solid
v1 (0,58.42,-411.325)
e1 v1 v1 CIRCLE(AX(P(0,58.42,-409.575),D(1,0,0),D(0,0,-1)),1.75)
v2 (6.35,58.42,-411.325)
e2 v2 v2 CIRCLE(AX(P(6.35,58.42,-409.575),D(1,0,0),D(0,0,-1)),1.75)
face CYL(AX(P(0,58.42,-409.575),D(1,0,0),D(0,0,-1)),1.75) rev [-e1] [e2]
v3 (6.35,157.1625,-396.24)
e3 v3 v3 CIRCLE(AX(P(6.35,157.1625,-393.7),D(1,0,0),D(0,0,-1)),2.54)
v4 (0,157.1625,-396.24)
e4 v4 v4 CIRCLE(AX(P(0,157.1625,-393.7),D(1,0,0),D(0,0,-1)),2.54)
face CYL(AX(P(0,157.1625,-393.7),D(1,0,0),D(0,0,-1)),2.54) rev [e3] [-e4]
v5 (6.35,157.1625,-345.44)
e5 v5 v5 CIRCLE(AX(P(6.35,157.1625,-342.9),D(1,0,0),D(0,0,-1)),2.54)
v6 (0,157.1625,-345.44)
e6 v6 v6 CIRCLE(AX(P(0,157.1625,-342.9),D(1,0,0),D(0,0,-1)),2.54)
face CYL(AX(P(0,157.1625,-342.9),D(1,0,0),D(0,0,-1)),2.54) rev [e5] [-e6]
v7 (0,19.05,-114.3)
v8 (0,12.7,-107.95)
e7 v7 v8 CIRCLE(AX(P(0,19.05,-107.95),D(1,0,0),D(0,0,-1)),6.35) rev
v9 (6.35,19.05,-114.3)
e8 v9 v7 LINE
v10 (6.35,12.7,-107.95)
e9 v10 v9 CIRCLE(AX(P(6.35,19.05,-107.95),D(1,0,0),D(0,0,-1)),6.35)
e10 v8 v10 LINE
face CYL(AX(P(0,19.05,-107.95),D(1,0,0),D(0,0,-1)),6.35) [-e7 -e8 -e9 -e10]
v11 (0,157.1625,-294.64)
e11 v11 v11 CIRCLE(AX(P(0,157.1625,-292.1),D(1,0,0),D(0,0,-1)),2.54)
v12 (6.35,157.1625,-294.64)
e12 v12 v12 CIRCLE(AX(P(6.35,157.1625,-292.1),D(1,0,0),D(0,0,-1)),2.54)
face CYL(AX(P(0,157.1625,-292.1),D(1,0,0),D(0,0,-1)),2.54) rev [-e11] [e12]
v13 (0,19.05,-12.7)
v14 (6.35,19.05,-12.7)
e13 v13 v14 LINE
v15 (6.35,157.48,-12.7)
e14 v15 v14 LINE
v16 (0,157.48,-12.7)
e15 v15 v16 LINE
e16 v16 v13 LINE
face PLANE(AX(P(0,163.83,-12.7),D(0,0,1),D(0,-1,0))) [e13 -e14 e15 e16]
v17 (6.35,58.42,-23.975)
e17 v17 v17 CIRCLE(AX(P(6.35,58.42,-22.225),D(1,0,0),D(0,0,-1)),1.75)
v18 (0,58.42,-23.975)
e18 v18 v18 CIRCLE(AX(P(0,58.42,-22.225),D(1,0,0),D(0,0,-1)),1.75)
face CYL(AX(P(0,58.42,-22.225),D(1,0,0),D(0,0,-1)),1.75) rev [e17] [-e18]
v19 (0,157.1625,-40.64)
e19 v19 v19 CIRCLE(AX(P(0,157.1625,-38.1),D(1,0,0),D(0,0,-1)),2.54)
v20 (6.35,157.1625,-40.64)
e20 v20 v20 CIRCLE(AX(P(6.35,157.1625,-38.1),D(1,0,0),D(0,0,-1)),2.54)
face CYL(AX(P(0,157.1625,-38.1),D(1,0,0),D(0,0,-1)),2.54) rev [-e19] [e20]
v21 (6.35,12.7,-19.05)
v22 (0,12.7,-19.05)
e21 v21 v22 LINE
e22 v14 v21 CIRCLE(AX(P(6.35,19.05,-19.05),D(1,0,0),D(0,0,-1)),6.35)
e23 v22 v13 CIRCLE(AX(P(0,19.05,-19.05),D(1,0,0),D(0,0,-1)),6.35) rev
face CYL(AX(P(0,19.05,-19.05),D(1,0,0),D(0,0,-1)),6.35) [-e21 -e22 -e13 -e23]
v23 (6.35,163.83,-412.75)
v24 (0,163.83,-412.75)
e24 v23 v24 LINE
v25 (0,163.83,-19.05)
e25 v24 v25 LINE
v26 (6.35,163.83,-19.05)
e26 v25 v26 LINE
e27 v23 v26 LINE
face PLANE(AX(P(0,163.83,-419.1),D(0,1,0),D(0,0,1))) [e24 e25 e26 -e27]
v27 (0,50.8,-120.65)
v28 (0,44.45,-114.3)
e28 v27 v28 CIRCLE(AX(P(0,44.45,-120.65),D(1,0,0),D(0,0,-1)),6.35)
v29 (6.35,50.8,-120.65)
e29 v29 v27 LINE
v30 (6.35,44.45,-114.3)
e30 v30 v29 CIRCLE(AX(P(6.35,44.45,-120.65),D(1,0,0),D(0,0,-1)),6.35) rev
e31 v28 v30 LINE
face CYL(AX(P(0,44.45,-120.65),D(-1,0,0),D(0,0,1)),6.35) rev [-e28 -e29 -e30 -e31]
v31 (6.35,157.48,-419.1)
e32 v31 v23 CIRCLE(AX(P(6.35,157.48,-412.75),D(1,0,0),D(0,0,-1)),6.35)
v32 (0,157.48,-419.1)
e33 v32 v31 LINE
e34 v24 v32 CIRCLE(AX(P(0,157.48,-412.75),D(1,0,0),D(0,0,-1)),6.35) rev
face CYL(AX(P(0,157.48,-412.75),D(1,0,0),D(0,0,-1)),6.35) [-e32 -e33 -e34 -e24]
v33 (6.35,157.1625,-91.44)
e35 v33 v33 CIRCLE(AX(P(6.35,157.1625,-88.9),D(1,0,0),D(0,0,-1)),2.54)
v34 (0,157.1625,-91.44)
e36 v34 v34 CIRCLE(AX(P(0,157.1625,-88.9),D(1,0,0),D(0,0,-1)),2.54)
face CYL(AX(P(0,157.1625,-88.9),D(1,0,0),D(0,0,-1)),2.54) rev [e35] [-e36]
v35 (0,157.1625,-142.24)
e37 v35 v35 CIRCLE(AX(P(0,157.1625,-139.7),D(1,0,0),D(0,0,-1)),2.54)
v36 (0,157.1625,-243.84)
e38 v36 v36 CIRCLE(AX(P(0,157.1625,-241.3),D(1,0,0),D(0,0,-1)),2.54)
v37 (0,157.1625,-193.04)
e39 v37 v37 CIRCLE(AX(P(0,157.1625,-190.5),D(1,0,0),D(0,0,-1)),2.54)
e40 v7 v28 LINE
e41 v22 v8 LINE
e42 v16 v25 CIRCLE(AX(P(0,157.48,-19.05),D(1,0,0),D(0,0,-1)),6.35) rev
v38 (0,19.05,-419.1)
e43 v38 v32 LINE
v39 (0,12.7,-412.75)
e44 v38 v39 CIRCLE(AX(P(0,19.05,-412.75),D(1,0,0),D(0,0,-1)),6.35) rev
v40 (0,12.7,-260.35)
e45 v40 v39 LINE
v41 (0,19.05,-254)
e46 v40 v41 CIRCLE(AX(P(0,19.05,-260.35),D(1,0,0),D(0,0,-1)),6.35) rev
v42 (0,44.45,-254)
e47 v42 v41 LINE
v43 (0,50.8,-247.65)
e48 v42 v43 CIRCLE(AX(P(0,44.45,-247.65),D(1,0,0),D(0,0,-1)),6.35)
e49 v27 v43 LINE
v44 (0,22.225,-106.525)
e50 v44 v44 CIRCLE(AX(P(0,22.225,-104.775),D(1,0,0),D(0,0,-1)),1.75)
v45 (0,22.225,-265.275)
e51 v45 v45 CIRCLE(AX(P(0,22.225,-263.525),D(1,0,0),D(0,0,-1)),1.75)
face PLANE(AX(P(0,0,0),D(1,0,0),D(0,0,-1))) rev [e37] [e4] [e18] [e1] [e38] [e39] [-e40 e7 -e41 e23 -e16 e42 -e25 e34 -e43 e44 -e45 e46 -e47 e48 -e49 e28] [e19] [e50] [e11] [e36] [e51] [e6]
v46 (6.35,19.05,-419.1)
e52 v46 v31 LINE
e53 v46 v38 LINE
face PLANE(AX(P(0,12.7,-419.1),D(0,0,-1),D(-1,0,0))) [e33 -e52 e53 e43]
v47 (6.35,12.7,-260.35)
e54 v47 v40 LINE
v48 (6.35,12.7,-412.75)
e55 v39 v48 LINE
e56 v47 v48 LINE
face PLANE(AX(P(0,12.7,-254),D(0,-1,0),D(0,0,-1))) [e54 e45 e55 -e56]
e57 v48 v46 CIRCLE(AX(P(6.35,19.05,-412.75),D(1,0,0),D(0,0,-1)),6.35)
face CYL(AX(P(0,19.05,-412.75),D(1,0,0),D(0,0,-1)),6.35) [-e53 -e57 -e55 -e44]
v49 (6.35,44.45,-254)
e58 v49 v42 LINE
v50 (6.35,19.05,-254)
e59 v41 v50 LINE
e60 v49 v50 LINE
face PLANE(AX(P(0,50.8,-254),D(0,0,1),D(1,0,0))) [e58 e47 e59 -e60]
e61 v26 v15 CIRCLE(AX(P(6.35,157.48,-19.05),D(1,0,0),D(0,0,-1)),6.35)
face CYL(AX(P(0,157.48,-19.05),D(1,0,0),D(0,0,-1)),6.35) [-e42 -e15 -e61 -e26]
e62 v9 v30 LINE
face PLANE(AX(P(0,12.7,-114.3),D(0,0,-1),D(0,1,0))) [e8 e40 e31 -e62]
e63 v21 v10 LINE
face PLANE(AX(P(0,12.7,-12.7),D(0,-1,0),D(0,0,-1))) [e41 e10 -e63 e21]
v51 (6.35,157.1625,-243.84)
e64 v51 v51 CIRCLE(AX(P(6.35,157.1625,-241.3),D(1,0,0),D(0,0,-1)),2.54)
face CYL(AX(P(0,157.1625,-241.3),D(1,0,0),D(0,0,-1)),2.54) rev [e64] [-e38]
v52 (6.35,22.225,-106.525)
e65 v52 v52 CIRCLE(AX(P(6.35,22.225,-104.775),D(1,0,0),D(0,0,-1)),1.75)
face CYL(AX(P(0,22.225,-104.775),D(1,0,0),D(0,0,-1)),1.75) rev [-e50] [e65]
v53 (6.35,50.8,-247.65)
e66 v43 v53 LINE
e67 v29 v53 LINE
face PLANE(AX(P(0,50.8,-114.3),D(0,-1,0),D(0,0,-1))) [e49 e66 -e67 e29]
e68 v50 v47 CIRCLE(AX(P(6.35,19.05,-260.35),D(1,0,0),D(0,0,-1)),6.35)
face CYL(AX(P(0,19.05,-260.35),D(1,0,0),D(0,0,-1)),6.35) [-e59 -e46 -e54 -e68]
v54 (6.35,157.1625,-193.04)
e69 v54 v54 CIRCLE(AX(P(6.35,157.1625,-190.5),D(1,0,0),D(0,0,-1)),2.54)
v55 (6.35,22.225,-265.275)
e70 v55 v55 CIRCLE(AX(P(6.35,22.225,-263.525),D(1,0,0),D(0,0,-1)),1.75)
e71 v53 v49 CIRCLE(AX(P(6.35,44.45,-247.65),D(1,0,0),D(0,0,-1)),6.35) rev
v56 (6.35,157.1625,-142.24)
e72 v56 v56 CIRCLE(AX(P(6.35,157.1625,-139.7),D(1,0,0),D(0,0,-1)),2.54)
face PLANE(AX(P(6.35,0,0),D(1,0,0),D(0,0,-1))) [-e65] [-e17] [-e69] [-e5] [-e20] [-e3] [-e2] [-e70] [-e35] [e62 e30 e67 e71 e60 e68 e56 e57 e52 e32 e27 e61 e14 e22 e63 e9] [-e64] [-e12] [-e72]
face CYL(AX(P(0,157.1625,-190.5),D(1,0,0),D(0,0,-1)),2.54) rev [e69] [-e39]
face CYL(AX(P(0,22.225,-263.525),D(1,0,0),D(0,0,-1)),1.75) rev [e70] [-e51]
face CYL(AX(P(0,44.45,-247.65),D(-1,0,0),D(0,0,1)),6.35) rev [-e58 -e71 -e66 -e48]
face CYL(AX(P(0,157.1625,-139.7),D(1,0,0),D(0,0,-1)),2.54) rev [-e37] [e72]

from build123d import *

# Parameters (mm, degrees)
BOSS_EXTRUDE1_DEPTH = 6.35
SKETCH3_R           = 3.96875
CUT_EXTRUDE1_DEPTH  = 7.35
SKETCH5_W           = 6.35
SKETCH5_H           = 12.7
CUT_EXTRUDE3_DEPTH  = 7.35
LPATTERN1_COUNT     = 16
LPATTERN1_PITCH     = 25.4
SKETCH6_W           = 6.35
SKETCH6_H           = 12.7
CUT_EXTRUDE4_DEPTH  = 7.35
LPATTERN2_COUNT     = 11
LPATTERN2_PITCH     = 25.4
SKETCH7_W           = 6.35
SKETCH7_H           = 12.7
SKETCH7_W_2         = 12.7
SKETCH7_H_2         = 6.35
CUT_EXTRUDE5_DEPTH  = 7.35
CUT_EXTRUDE6_DEPTH  = 7.35
LPATTERN3_COUNT     = 10
LPATTERN3_PITCH     = 25.4
SKETCH9_W           = 12.7
SKETCH9_H           = 6.35
CUT_EXTRUDE7_DEPTH  = 7.35
LPATTERN4_COUNT     = 8
LPATTERN4_PITCH     = 25.4
SKETCH10_R          = 3.175
CUT_EXTRUDE8_DEPTH  = 7.35
SKETCH11_R          = 3.96875
CUT_EXTRUDE9_DEPTH  = 7.35
SKETCH12_W          = 6.35
SKETCH12_H          = 12.7
CUT_EXTRUDE13_DEPTH = 7.35
CUT_EXTRUDE15_DEPTH = 7.35
CUT_EXTRUDE16_DEPTH = 7.35
SKETCH17_W          = 12.7
SKETCH17_H          = 6.35
CUT_EXTRUDE17_DEPTH = 7.35
LPATTERN5_COUNT     = 17
LPATTERN5_PITCH     = 25.4
LPATTERN6_COUNT     = 2
LPATTERN6_PITCH     = 120.65
SKETCH18_W          = 12.7
SKETCH18_H          = 6.35
CUT_EXTRUDE18_DEPTH = 7.35
LPATTERN7_COUNT     = 5
LPATTERN7_PITCH     = 25.4
CUT_EXTRUDE19_DEPTH = 7.35
SKETCH20_W          = 101.6
SKETCH20_H          = 57.15
CUT_EXTRUDE20_DEPTH = 7.35
CUT_EXTRUDE21_DEPTH = 7.35
CUT_EXTRUDE22_DEPTH = 7.35
BOSS_EXTRUDE4_DEPTH = 6.35
BOSS_EXTRUDE5_DEPTH = 6.35
SKETCH29_R          = 2.54
CUT_EXTRUDE23_DEPTH = 7.35
SKETCH30_R          = 1.75
CUT_EXTRUDE24_DEPTH = 7.35
FILLET2_R           = 6.35


with BuildPart() as part:
    # Sketch2 → Boss-Extrude1 (new body)
    with BuildSketch(Plane(origin=(0, 0, 0), x_dir=(0, 0, -1), z_dir=(1, 0, 0))):
        Polygon((0, 0), (0, 294.450076882), (215.9, 419.1), (431.8, 419.1), (431.8, 0), (241.3, 0), (241.3, 38.1), (127, 38.1), (127, 0), align=None)
    extrude(amount=BOSS_EXTRUDE1_DEPTH)

    # Sketch3 → Cut-Extrude1 (cut, through all)
    with BuildSketch(Plane(origin=(6.35, 0, 0), x_dir=(0, 0, -1), z_dir=(1, 0, 0))):
        with Locations((63.5, 38.1)):
            Circle(SKETCH3_R)
        with Locations((368.3, 38.1)):
            Circle(SKETCH3_R)
    extrude(amount=-CUT_EXTRUDE1_DEPTH, mode=Mode.SUBTRACT)

    # Sketch5 → Cut-Extrude3 (cut, through all)
    with BuildSketch(Plane(origin=(6.35, 0, 0), x_dir=(0, 0, -1), z_dir=(1, 0, 0))):
        with Locations((428.625, 19.05)):
            Rectangle(SKETCH5_W, SKETCH5_H)
    cut_extrude3 = extrude(amount=-CUT_EXTRUDE3_DEPTH, mode=Mode.SUBTRACT)

    # LPattern1: Cut-Extrude3 ×16
    with Locations(*[(0, i * LPATTERN1_PITCH, 0) for i in range(1, LPATTERN1_COUNT)]):
        add(cut_extrude3, mode=Mode.SUBTRACT)

    # Sketch6 → Cut-Extrude4 (cut, through all)
    with BuildSketch(Plane(origin=(6.35, 0, 0), x_dir=(0, 0, -1), z_dir=(1, 0, 0))):
        with Locations((3.175, 19.05)):
            Rectangle(SKETCH6_W, SKETCH6_H)
    cut_extrude4 = extrude(amount=-CUT_EXTRUDE4_DEPTH, mode=Mode.SUBTRACT)

    # LPattern2: Cut-Extrude4 ×11
    with Locations(*[(0, i * LPATTERN2_PITCH, 0) for i in range(1, LPATTERN2_COUNT)]):
        add(cut_extrude4, mode=Mode.SUBTRACT)

    # Sketch7 → Cut-Extrude5 (cut, through all)
    with BuildSketch(Plane(origin=(6.35, 0, 0), x_dir=(0, 0, -1), z_dir=(1, 0, 0))):
        with Locations((123.825, 19.05)):
            Rectangle(SKETCH7_W, SKETCH7_H)
        with Locations((133.35, 41.275)):
            Rectangle(SKETCH7_W_2, SKETCH7_H_2)
        with Locations((158.75, 41.275)):
            Rectangle(SKETCH7_W_2, SKETCH7_H_2)
        with Locations((184.15, 41.275)):
            Rectangle(SKETCH7_W_2, SKETCH7_H_2)
        with Locations((244.475, 19.05)):
            Rectangle(SKETCH7_W, SKETCH7_H)
        with Locations((209.55, 41.275)):
            Rectangle(SKETCH7_W_2, SKETCH7_H_2)
        with Locations((234.95, 41.275)):
            Rectangle(SKETCH7_W_2, SKETCH7_H_2)
    extrude(amount=-CUT_EXTRUDE5_DEPTH, mode=Mode.SUBTRACT)

    # Sketch8 → Cut-Extrude6 (cut, through all)
    with BuildSketch(Plane(origin=(6.35, 0, 0), x_dir=(0, 0, -1), z_dir=(1, 0, 0))):
        Polygon((201.93507044, 411.037344159), (212.933593068, 417.387344159), (216.108593068, 411.888082845), (205.11007044, 405.538082845), align=None)
    cut_extrude6 = extrude(amount=-CUT_EXTRUDE6_DEPTH, mode=Mode.SUBTRACT)

    # LPattern3: Cut-Extrude6 ×10
    with Locations(*[Vector(0, -0.5, 0.866025404) * (i * LPATTERN3_PITCH) for i in range(1, LPATTERN3_COUNT)]):
        add(cut_extrude6, mode=Mode.SUBTRACT)

    # Sketch9 → Cut-Extrude7 (cut, through all)
    with BuildSketch(Plane(origin=(6.35, 0, 0), x_dir=(0, 0, -1), z_dir=(1, 0, 0))):
        with Locations((412.75, 415.925)):
            Rectangle(SKETCH9_W, SKETCH9_H)
    cut_extrude7 = extrude(amount=-CUT_EXTRUDE7_DEPTH, mode=Mode.SUBTRACT)

    # LPattern4: Cut-Extrude7 ×8
    with Locations(*[(0, 0, i * LPATTERN4_PITCH) for i in range(1, LPATTERN4_COUNT)]):
        add(cut_extrude7, mode=Mode.SUBTRACT)

    # Sketch10 → Cut-Extrude8 (cut, through all)
    with BuildSketch(Plane(origin=(6.35, 0, 0), x_dir=(0, 0, -1), z_dir=(1, 0, 0))):
        with Locations((222.25, 273.05)):
            Circle(SKETCH10_R)
        with Locations((222.25, 57.15)):
            Circle(SKETCH10_R)
        with Locations((146.05, 57.15)):
            Circle(SKETCH10_R)
        with Locations((146.05, 273.05)):
            Circle(SKETCH10_R)
    extrude(amount=-CUT_EXTRUDE8_DEPTH, mode=Mode.SUBTRACT)

    # Sketch11 → Cut-Extrude9 (cut, through all)
    with BuildSketch(Plane(origin=(6.35, 0, 0), x_dir=(0, 0, -1), z_dir=(1, 0, 0))):
        with Locations((38.1, 260.35)):
            Circle(SKETCH11_R)
        with Locations((266.7, 260.35)):
            Circle(SKETCH11_R)
    extrude(amount=-CUT_EXTRUDE9_DEPTH, mode=Mode.SUBTRACT)

    # Sketch12 → Cut-Extrude13 (cut, through all)
    with BuildSketch(Plane(origin=(6.35, 0, 0), x_dir=(0, 0, -1), z_dir=(1, 0, 0))):
        with Locations((123.825, 44.45)):
            Rectangle(SKETCH12_W, SKETCH12_H)
        with Locations((123.825, 69.85)):
            Rectangle(SKETCH12_W, SKETCH12_H)
        with Locations((123.825, 95.25)):
            Rectangle(SKETCH12_W, SKETCH12_H)
        with Locations((123.825, 120.65)):
            Rectangle(SKETCH12_W, SKETCH12_H)
    cut_extrude13 = extrude(amount=-CUT_EXTRUDE13_DEPTH, mode=Mode.SUBTRACT)

    # Sketch14 → Cut-Extrude15 (cut, through all)
    with BuildSketch(Plane(origin=(6.35, 0, 0), x_dir=(0, 0, -1), z_dir=(1, 0, 0))):
        Polygon((36.957231019, 315.787344159), (47.955753647, 322.137344159), (51.130753647, 316.638082845), (40.132231019, 310.288082845), align=None)
        Polygon((80.951321531, 341.187344159), (91.949844159, 347.537344159), (95.124844159, 342.038082845), (84.126321531, 335.688082845), align=None)
    extrude(amount=-CUT_EXTRUDE15_DEPTH, mode=Mode.SUBTRACT)

    # Sketch15 → Cut-Extrude16 (cut, through all)
    with BuildSketch(Plane(origin=(6.35, 0, 0), x_dir=(0, 0, -1), z_dir=(1, 0, 0))):
        with BuildLine():
            Line((62.129276275, 322.988082845), (31.558579521, 305.338082845))
            ThreePointArc((31.558579521, 305.338082845), (51.535904978, 302.314952438), (62.501260575, 319.285333297))
            ThreePointArc((62.501260575, 319.285333297), (62.408031035, 321.146027155), (62.129276275, 322.988082845))
        make_face()
        with BuildLine():
            Line((103.698495657, 346.988082845), (73.127798903, 329.338082845))
            ThreePointArc((73.127798903, 329.338082845), (93.10512436, 326.314952438), (104.070479957, 343.285333297))
            ThreePointArc((104.070479957, 343.285333297), (103.977250417, 345.146027155), (103.698495657, 346.988082845))
        make_face()
    extrude(amount=-CUT_EXTRUDE16_DEPTH, mode=Mode.SUBTRACT)

    # Sketch17 → Cut-Extrude17 (cut, through all)
    with BuildSketch(Plane(origin=(6.35, 0, 0), x_dir=(0, 0, -1), z_dir=(1, 0, 0))):
        with Locations((25.4, 142.875)):
            Rectangle(SKETCH17_W, SKETCH17_H)
    cut_extrude17 = extrude(amount=-CUT_EXTRUDE17_DEPTH, mode=Mode.SUBTRACT)

    # LPattern5: Cut-Extrude17 ×17
    with Locations(*[(0, 0, -i * LPATTERN5_PITCH) for i in range(1, LPATTERN5_COUNT)]):
        add(cut_extrude17, mode=Mode.SUBTRACT)

    # LPattern6: Cut-Extrude13 ×2
    with Locations(*[(0, 0, -i * LPATTERN6_PITCH) for i in range(1, LPATTERN6_COUNT)]):
        add(cut_extrude13, mode=Mode.SUBTRACT)

    # Sketch18 → Cut-Extrude18 (cut, through all)
    with BuildSketch(Plane(origin=(6.35, 0, 0), x_dir=(0, 0, -1), z_dir=(1, 0, 0))):
        with Locations((133.35, 117.475)):
            Rectangle(SKETCH18_W, SKETCH18_H)
    cut_extrude18 = extrude(amount=-CUT_EXTRUDE18_DEPTH, mode=Mode.SUBTRACT)

    # LPattern7: Cut-Extrude18 ×5
    with Locations(*[(0, 0, -i * LPATTERN7_PITCH) for i in range(1, LPATTERN7_COUNT)]):
        add(cut_extrude18, mode=Mode.SUBTRACT)

    # Sketch19 → Cut-Extrude19 (cut, through all)
    with BuildSketch(Plane(origin=(6.35, 0, 0), x_dir=(0, 0, -1), z_dir=(1, 0, 0))):
        Polygon((25.4, 279.785380045), (222.705909488, 393.7), (406.4, 393.7), (406.4, 165.1), (25.4, 165.1), align=None)
    extrude(amount=-CUT_EXTRUDE19_DEPTH, mode=Mode.SUBTRACT)

    # Sketch20 → Cut-Extrude20 (cut, through all)
    with BuildSketch(Plane(origin=(6.35, 0, 0), x_dir=(0, 0, -1), z_dir=(1, 0, 0))):
        with Locations((184.15, 79.375)):
            Rectangle(SKETCH20_W, SKETCH20_H)
    extrude(amount=-CUT_EXTRUDE20_DEPTH, mode=Mode.SUBTRACT)

    # Sketch21 → Cut-Extrude21 (cut, through all)
    with BuildSketch(Plane(origin=(6.35, 0, 0), x_dir=(0, 0, -1), z_dir=(1, 0, 0))):
        Polygon((266.7, 25.4), (308.202954744, 25.4), (406.4, 82.094090512), (406.4, 133.35), (266.7, 133.35), align=None)
        Polygon((25.4, 133.35), (25.4, 82.094090512), (101.6, 38.1), (101.6, 133.35), align=None)
        Polygon((25.4, 38.1), (25.4, 25.4), (47.397045256, 25.4), align=None)
    extrude(amount=-CUT_EXTRUDE21_DEPTH, mode=Mode.SUBTRACT)

    # Sketch22 → Cut-Extrude22 (cut, through all)
    with BuildSketch(Plane(origin=(6.35, 0, 0), x_dir=(0, 0, -1), z_dir=(1, 0, 0))):
        Polygon((384.402954744, 25.4), (406.4, 38.1), (406.4, 25.4), align=None)
    extrude(amount=-CUT_EXTRUDE22_DEPTH, mode=Mode.SUBTRACT)

    # Sketch26 → Boss-Extrude4 (add, through all)
    with BuildSketch(Plane(origin=(6.35, 0, 0), x_dir=(0, 0, -1), z_dir=(1, 0, 0))):
        Polygon((266.7, 133.35), (266.7, 126.280871047), (278.944090512, 133.35), align=None)
        Polygon((89.355909488, 133.35), (101.6, 126.280871047), (101.6, 133.35), align=None)
        Polygon((266.7, 32.469128953), (278.944090512, 25.4), (266.7, 25.4), align=None)
        Polygon((133.35, 107.95), (133.35, 100.880871047), (145.594090512, 107.95), align=None)
        Polygon((234.95, 107.95), (222.705909488, 107.95), (234.95, 100.880871047), align=None)
        Polygon((133.35, 50.8), (145.594090512, 50.8), (133.35, 57.869128953), align=None)
        Polygon((234.95, 50.8), (222.705909488, 50.8), (234.95, 57.869128953), align=None)
    extrude(amount=-BOSS_EXTRUDE4_DEPTH)


with BuildPart() as body_2:
    # Sketch27 → Boss-Extrude5 (new body)
    with BuildSketch(Plane(origin=(6.35, 0, 0), x_dir=(0, 0, -1), z_dir=(1, 0, 0))):
        Polygon((12.7, 163.83), (12.7, 12.7), (114.3, 12.7), (114.3, 50.8), (254, 50.8), (254, 12.7), (419.1, 12.7), (419.1, 163.83), align=None)
    extrude(amount=-BOSS_EXTRUDE5_DEPTH)

    # Sketch29 → Cut-Extrude23 (cut, through all)
    with BuildSketch(Plane(origin=(6.35, 0, 0), x_dir=(0, 0, -1), z_dir=(1, 0, 0))):
        with Locations((38.1, 157.1625)):
            Circle(SKETCH29_R)
        with Locations((88.9, 157.1625)):
            Circle(SKETCH29_R)
        with Locations((139.7, 157.1625)):
            Circle(SKETCH29_R)
        with Locations((190.5, 157.1625)):
            Circle(SKETCH29_R)
        with Locations((241.3, 157.1625)):
            Circle(SKETCH29_R)
        with Locations((292.1, 157.1625)):
            Circle(SKETCH29_R)
        with Locations((342.9, 157.1625)):
            Circle(SKETCH29_R)
        with Locations((393.7, 157.1625)):
            Circle(SKETCH29_R)
    extrude(amount=-CUT_EXTRUDE23_DEPTH, mode=Mode.SUBTRACT)

    # Sketch30 → Cut-Extrude24 (cut, through all)
    with BuildSketch(Plane(origin=(6.35, 0, 0), x_dir=(0, 0, -1), z_dir=(1, 0, 0))):
        with Locations((22.225, 58.42)):
            Circle(SKETCH30_R)
        with Locations((104.775, 22.225)):
            Circle(SKETCH30_R)
        with Locations((263.525, 22.225)):
            Circle(SKETCH30_R)
        with Locations((409.575, 58.42)):
            Circle(SKETCH30_R)
    extrude(amount=-CUT_EXTRUDE24_DEPTH, mode=Mode.SUBTRACT)

    # Fillet2
    fillet2_edges = [body_2.edges().sort_by_distance(p)[0] for p in [
        (3.175, 163.83, -419.1),
        (3.175, 12.7, -419.1),
        (3.175, 12.7, -254),
        (3.175, 50.8, -254),
        (3.175, 50.8, -114.3),
        (3.175, 12.7, -114.3),
        (3.175, 12.7, -12.7),
        (3.175, 163.83, -12.7),
    ]]
    fillet(fillet2_edges, radius=FILLET2_R)


solid = body_2.part
